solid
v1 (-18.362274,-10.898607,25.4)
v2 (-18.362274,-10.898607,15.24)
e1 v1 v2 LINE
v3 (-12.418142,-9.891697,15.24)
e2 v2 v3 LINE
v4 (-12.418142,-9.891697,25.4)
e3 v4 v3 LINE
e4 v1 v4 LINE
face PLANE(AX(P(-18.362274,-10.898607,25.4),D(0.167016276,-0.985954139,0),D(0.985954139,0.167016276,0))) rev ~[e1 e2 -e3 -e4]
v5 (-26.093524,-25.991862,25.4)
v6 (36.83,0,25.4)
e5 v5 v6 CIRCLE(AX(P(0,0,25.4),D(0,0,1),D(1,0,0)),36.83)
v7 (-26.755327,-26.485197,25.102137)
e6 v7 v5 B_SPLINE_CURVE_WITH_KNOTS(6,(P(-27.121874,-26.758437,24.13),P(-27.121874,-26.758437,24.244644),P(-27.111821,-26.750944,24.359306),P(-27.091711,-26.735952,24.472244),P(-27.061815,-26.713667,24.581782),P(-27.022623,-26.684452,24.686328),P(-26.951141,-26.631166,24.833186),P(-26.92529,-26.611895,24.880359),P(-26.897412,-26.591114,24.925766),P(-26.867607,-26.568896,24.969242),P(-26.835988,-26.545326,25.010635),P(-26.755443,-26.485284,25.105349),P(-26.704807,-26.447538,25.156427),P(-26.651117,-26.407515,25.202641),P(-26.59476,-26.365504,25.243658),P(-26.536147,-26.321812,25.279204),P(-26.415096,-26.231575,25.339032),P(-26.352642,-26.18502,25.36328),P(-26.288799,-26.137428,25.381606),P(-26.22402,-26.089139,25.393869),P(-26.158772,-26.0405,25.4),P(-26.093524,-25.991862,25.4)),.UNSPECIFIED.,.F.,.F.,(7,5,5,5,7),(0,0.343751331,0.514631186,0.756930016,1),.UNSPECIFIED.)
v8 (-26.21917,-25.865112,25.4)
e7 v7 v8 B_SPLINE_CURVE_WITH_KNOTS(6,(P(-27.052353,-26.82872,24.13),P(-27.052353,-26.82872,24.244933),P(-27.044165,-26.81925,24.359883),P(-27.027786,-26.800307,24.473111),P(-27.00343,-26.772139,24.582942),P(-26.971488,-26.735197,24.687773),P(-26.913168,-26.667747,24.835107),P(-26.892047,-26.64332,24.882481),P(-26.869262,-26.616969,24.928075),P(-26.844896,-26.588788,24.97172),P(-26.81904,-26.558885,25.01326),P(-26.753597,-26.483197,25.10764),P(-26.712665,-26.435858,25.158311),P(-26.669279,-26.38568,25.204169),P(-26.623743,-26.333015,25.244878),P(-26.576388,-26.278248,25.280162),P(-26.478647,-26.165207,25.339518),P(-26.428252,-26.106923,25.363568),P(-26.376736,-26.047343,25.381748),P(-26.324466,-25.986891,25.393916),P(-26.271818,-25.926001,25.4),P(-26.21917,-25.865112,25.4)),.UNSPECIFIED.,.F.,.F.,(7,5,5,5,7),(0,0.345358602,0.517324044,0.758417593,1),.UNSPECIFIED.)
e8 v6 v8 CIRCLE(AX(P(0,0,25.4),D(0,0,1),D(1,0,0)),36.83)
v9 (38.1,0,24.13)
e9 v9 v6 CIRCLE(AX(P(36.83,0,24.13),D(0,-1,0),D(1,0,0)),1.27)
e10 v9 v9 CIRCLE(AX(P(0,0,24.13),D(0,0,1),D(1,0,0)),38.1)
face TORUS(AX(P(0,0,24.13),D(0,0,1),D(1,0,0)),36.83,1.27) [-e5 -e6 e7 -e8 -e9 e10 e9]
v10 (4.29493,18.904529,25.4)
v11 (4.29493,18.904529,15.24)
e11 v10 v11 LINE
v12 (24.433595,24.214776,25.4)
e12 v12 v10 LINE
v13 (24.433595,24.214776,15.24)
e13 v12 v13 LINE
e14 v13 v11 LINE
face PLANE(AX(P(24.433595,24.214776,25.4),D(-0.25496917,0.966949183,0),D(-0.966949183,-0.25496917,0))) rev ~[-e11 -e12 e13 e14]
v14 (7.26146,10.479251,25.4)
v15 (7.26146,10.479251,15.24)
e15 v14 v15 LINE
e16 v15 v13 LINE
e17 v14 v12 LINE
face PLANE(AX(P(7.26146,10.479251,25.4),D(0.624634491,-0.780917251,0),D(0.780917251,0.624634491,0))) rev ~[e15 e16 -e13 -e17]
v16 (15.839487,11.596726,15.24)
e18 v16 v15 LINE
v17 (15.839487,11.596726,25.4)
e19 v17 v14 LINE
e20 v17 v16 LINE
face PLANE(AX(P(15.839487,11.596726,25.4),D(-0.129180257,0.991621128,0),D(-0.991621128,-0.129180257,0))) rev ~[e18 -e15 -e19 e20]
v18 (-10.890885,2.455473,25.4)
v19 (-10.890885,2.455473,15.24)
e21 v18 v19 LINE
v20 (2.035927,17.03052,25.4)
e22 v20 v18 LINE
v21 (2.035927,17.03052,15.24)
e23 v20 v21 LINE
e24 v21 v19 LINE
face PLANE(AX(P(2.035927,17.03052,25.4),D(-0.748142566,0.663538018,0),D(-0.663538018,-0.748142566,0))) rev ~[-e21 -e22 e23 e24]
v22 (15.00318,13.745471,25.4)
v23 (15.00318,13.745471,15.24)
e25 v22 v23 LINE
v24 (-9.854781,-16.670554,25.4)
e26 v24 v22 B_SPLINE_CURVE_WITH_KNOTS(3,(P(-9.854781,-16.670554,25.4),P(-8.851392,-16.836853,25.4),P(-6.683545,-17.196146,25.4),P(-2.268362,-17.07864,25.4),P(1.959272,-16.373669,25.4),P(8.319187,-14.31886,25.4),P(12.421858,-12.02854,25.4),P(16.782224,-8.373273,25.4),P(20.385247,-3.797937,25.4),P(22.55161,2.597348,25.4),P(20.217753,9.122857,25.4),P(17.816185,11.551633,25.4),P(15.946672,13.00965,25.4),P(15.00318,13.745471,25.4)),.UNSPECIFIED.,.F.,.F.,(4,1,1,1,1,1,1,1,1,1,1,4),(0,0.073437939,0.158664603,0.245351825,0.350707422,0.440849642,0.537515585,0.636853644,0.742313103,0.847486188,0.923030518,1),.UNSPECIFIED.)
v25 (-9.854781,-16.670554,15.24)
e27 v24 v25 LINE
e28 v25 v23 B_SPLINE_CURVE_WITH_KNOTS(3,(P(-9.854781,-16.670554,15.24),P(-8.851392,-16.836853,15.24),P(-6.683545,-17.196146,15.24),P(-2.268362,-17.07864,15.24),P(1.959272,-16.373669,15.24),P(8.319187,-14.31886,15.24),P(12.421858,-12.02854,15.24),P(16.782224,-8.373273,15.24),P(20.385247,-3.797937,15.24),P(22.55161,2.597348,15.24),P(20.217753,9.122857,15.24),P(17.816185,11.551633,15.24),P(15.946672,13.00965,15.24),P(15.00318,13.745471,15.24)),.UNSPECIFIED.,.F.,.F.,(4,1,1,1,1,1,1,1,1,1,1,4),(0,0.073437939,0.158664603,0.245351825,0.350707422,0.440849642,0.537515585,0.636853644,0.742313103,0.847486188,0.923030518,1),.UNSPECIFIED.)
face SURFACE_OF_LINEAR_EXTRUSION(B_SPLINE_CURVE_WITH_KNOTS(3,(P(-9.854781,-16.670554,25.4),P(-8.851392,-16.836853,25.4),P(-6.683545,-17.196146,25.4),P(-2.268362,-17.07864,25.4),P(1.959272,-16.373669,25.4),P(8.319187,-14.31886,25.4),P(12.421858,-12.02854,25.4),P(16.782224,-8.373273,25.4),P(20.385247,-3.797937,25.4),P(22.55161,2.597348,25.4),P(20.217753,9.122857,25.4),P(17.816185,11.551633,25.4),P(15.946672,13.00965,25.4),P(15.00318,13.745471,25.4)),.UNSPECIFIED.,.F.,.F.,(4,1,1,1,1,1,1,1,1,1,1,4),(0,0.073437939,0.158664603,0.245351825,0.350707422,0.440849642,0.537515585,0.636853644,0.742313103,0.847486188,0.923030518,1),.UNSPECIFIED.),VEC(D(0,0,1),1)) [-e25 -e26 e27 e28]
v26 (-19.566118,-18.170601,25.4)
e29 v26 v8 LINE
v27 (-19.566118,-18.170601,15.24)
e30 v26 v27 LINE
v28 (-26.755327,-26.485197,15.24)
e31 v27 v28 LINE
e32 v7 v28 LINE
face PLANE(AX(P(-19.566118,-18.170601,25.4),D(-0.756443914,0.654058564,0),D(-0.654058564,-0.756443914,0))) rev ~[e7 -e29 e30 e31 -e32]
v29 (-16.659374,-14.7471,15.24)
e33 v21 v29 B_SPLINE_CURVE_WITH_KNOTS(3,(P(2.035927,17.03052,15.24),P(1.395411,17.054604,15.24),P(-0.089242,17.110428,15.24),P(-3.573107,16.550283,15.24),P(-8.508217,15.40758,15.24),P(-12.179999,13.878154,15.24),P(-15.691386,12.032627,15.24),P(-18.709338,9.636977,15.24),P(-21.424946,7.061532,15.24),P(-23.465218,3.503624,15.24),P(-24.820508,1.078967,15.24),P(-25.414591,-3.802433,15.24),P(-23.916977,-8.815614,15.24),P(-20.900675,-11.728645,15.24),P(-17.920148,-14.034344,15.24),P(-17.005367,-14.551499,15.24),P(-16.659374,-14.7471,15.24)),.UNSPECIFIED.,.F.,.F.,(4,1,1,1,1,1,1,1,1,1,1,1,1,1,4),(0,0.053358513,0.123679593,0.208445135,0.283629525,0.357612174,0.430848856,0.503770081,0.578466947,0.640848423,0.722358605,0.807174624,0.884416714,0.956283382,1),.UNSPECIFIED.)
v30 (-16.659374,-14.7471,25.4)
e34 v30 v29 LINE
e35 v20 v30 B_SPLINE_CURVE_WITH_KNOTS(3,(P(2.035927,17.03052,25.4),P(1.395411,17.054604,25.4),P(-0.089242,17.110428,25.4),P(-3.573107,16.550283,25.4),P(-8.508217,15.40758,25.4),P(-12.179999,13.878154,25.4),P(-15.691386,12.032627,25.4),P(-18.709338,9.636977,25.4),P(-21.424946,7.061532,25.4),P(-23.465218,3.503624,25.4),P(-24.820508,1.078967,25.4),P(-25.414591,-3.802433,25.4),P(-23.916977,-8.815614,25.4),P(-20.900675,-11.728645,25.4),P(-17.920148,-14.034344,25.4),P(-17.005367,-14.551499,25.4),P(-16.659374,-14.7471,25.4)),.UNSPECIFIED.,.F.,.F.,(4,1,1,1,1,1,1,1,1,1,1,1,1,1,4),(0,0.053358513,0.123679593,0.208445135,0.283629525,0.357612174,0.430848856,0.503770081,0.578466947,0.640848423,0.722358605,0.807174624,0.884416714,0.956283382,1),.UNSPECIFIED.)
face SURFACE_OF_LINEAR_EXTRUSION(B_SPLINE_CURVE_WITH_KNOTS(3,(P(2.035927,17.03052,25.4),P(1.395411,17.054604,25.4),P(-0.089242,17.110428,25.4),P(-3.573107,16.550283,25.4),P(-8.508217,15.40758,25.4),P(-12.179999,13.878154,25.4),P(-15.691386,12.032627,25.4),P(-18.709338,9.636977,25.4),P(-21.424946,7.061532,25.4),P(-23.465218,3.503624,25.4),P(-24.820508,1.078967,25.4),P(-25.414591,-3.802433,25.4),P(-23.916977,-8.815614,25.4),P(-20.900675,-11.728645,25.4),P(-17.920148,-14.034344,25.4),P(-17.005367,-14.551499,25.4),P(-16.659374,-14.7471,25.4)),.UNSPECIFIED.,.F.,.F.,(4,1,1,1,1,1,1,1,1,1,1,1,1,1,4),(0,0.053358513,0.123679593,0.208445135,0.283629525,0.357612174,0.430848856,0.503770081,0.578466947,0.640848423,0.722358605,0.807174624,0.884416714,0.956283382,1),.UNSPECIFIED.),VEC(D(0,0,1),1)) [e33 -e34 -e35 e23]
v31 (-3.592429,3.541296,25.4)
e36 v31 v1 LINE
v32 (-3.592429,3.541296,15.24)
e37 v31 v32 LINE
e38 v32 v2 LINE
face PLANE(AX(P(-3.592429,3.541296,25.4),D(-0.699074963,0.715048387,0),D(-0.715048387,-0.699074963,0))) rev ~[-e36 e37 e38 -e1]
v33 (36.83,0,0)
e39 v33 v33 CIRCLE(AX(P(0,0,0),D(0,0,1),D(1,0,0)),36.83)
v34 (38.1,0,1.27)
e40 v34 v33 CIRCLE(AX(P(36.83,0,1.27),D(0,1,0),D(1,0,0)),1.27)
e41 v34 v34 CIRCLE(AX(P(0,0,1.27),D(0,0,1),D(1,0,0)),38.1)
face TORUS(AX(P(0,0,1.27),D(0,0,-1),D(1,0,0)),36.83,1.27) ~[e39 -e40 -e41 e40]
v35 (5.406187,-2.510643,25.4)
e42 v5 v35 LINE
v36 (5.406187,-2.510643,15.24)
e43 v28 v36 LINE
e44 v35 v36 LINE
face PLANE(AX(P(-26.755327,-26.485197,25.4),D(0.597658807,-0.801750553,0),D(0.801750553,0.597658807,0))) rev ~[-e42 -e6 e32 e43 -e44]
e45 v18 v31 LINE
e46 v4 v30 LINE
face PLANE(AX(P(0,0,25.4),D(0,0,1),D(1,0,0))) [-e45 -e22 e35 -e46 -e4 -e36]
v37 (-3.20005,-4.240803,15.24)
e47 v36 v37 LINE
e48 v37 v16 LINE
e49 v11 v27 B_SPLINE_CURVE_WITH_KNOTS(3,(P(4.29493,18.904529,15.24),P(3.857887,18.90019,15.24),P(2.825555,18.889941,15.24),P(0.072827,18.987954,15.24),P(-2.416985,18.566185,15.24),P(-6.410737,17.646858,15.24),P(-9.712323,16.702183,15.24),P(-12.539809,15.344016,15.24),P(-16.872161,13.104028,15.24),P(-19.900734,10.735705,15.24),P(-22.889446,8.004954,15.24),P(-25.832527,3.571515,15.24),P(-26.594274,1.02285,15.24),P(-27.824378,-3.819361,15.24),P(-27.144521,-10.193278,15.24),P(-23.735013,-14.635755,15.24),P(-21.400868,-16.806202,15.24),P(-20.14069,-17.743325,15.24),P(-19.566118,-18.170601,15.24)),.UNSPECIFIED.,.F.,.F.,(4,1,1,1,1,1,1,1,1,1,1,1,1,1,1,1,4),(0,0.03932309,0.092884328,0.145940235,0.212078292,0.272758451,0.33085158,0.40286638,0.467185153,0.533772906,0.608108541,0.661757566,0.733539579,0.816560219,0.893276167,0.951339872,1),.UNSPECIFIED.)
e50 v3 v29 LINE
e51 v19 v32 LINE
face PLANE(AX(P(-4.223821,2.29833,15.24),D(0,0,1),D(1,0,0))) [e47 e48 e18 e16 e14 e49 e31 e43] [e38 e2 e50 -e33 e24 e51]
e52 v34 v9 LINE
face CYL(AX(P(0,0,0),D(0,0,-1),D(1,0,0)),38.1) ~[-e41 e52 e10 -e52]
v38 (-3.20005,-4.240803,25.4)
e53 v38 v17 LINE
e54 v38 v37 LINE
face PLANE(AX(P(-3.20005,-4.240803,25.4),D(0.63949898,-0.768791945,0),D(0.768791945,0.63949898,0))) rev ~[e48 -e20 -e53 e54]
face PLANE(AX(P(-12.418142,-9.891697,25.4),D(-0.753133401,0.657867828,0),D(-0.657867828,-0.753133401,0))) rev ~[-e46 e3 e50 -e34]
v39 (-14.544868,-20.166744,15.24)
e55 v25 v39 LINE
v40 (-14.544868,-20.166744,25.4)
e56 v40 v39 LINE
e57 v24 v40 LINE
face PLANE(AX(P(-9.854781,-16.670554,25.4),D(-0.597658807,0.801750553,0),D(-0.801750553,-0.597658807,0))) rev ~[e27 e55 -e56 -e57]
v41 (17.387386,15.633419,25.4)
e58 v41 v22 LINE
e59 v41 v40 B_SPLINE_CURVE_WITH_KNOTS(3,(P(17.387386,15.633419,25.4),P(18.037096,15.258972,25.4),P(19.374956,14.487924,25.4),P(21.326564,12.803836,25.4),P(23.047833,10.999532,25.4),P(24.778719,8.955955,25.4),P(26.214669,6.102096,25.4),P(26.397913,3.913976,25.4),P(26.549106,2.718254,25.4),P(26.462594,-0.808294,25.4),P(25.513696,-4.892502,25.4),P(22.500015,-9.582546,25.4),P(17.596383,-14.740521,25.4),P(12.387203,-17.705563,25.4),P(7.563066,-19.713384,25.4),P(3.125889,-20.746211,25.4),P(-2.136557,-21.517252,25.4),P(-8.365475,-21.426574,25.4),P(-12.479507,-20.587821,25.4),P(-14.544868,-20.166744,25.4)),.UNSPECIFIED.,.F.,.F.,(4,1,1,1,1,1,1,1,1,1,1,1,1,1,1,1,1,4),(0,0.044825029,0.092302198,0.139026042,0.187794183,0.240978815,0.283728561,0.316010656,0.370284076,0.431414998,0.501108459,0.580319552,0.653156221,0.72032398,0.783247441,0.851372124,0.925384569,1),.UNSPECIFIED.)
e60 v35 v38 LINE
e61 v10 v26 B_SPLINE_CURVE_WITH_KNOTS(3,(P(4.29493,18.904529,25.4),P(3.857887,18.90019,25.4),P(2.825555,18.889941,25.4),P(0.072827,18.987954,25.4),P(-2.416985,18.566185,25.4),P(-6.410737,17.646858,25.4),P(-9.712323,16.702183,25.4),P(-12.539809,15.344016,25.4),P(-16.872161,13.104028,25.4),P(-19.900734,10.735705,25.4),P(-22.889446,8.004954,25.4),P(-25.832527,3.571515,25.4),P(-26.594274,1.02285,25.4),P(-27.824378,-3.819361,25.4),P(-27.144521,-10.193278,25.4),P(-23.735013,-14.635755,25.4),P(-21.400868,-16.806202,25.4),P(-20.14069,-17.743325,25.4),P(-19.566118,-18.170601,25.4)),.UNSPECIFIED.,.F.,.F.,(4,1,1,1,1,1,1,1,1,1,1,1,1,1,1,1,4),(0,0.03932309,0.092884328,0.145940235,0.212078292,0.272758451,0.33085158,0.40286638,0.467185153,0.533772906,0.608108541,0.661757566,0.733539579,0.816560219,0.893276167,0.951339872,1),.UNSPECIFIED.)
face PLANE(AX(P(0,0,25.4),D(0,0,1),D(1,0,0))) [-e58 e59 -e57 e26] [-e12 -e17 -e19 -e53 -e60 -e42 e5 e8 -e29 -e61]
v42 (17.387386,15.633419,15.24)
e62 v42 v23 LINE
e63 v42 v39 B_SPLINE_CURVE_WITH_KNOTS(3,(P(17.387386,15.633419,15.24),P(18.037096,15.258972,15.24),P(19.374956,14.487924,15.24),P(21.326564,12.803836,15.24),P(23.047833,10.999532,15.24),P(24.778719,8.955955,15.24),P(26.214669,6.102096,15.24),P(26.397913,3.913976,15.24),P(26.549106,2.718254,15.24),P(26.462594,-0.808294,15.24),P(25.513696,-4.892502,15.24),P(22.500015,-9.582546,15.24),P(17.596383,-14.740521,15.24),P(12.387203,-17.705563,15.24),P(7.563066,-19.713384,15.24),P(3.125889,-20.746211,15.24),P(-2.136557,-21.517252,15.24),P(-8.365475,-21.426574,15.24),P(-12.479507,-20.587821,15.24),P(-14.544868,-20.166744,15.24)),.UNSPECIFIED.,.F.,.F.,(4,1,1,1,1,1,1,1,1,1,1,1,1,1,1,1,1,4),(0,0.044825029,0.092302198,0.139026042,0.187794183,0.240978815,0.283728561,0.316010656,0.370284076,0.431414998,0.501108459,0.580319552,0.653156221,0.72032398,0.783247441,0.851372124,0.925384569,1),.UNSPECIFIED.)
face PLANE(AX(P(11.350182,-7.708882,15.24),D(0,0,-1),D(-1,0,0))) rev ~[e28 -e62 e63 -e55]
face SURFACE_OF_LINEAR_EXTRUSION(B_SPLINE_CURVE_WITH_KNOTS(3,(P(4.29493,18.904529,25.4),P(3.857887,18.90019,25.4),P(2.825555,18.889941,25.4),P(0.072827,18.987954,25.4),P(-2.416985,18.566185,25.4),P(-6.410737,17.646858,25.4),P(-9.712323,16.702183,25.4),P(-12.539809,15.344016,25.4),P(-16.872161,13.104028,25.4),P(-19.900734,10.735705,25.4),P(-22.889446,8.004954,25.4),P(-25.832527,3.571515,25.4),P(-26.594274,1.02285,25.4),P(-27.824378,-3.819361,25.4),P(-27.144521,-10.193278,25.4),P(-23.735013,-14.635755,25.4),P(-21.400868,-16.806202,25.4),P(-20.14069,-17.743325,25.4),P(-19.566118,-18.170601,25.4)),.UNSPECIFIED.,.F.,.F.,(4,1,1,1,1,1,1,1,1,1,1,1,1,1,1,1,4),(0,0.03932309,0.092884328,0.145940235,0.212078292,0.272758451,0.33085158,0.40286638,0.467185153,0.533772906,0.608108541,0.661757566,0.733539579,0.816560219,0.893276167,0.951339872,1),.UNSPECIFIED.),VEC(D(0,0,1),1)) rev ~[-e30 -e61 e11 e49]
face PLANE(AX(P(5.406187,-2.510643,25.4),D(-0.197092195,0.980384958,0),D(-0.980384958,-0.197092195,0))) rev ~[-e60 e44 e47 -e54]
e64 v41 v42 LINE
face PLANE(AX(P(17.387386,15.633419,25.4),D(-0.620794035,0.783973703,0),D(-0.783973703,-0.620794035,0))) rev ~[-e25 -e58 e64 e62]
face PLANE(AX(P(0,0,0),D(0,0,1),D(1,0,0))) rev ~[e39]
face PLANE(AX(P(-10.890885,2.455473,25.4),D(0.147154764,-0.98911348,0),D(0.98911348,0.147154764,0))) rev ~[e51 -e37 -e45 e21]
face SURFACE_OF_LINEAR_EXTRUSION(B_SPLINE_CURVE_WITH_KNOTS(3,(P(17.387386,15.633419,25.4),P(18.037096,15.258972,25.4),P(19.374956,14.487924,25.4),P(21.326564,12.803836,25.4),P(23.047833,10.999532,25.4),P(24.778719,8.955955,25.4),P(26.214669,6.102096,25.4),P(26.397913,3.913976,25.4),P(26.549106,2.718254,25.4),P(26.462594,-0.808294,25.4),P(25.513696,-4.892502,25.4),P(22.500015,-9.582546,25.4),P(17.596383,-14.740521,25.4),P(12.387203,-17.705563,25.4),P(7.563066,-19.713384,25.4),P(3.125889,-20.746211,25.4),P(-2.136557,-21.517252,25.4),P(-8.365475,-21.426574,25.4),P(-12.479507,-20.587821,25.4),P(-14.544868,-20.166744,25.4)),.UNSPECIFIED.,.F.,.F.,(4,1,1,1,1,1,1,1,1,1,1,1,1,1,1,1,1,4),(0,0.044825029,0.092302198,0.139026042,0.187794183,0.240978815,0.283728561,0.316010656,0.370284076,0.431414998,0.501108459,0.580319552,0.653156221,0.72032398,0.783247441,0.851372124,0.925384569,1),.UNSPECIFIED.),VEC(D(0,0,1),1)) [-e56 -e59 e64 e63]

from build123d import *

# Parameters (mm, degrees)
F0_R     = 38.1
F1_DEPTH = 25.4
F2_R     = 1.27
F4_DEPTH = 10.16


with BuildPart() as f1:
    # F0 (on Top) → F1 (new body)
    with BuildSketch(Plane.XY):
        Circle(F0_R)
    extrude(amount=F1_DEPTH)

    # F2
    f2_edges = [f1.edges().sort_by_distance(p)[0] for p in [
        (-38.1, 0, 25.4),
        (-38.1, 0, 0),
    ]]
    fillet(f2_edges, radius=F2_R)

    # F3 (on face) → F4 (cut)
    with BuildSketch(Plane.XY.offset(25.4)):
        with BuildLine():
            Line((-19.5661182899, -18.1706012091), (-26.7553265637, -26.4851974048))
            Line((-26.7553265637, -26.4851974048), (5.4061874503, -2.5106431912))
            Line((5.4061874503, -2.5106431912), (-3.200049929, -4.2408025526))
            Line((-3.200049929, -4.2408025526), (15.8394873054, 11.5967263231))
            Line((15.8394873054, 11.5967263231), (7.2614595686, 10.4792513123))
            Line((7.2614595686, 10.4792513123), (24.433595378, 24.2147761598))
            Line((24.433595378, 24.2147761598), (4.2949300972, 18.9045294))
            add(Edge.make_bspline(
                [(4.2949300972, 18.9045294), (3.8578868072, 18.9001902263), (2.8255551255, 18.8899407461), (0.0728269951, 18.9879537596), (-2.416985134, 18.5661852441), (-6.4107369283, 17.6468576464), (-9.7123233005, 16.7021829393), (-12.5398092723, 15.3440163882), (-16.8721606771, 13.1040275758), (-19.9007344343, 10.7357054975), (-22.8894463137, 8.0049544035), (-25.8325272327, 3.571514678), (-26.5942743919, 1.0228501359), (-27.8243775869, -3.8193612894), (-27.1445214519, -10.193277819), (-23.7350134876, -14.6357550528), (-21.4008680736, -16.806202139), (-20.1406895566, -17.7433252345), (-19.5661182899, -18.1706012091)],
                knots=[0, 0, 0, 0, 0.0393230905, 0.0928843277, 0.1459402353, 0.2120782925, 0.2727584507, 0.3308515796, 0.40286638, 0.4671851532, 0.533772906, 0.608108541, 0.6617575665, 0.7335395787, 0.8165602186, 0.8932761667, 0.9513398719, 1, 1, 1, 1], degree=3))
        make_face()
        with BuildLine():
            add(Edge.make_bspline(
                [(2.0359272731, 17.0305203597), (1.3954106628, 17.0546042076), (-0.0892415224, 17.1104281111), (-3.5731065553, 16.5502831509), (-8.5082169393, 15.40758038), (-12.1799994257, 13.8781536445), (-15.6913864649, 12.0326267348), (-18.7093375005, 9.6369774455), (-21.4249459198, 7.0615317926), (-23.465217898, 3.5036235622), (-24.8205084542, 1.0789665507), (-25.414591442, -3.8024334011), (-23.9169773543, -8.8156140602), (-20.9006750006, -11.7286450069), (-17.920148096, -14.0343436431), (-17.0053674551, -14.5514987399), (-16.6593735189, -14.7471003077)],
                knots=[0, 0, 0, 0, 0.0533585134, 0.1236795927, 0.2084451349, 0.2836295249, 0.3576121735, 0.4308488556, 0.5037700814, 0.5784669466, 0.6408484233, 0.7223586051, 0.8071746244, 0.8844167139, 0.9562833817, 1, 1, 1, 1], degree=3))
            Line((2.0359272731, 17.0305203597), (-10.8908848154, 2.4554725062))
            Line((-10.8908848154, 2.4554725062), (-3.5924285351, 3.5412959569))
            Line((-3.5924285351, 3.5412959569), (-18.3622744366, -10.8986072092))
            Line((-18.3622744366, -10.8986072092), (-12.4181416451, -9.8916973697))
            Line((-12.4181416451, -9.8916973697), (-16.6593735189, -14.7471003077))
        make_face(mode=Mode.SUBTRACT)
        with BuildLine():
            add(Edge.make_bspline(
                [(17.3873861626, 15.6334186555), (18.0370958634, 15.2589721072), (19.3749563206, 14.4879243151), (21.3265644237, 12.8038361847), (23.0478327612, 10.9995316669), (24.778719369, 8.9559550933), (26.2146688484, 6.1020958965), (26.3979131008, 3.9139763932), (26.5491055591, 2.71825424), (26.4625942606, -0.8082938445), (25.5136962919, -4.8925023756), (22.5000147718, -9.5825463131), (17.5963832254, -14.740520896), (12.3872032479, -17.7055628688), (7.5630660017, -19.7133836725), (3.1258890287, -20.746211478), (-2.1365566408, -21.5172519141), (-8.365474944, -21.4265742118), (-12.4795067403, -20.5878213551), (-14.5448679776, -20.1667435114)],
                knots=[0, 0, 0, 0, 0.0448250287, 0.092302198, 0.1390260415, 0.1877941832, 0.2409788153, 0.2837285607, 0.3160106559, 0.3702840764, 0.4314149985, 0.501108459, 0.5803195518, 0.6531562215, 0.7203239803, 0.783247441, 0.851372124, 0.9253845694, 1, 1, 1, 1], degree=3))
            Line((17.3873861626, 15.6334186555), (15.0031798623, 13.7454713383))
            add(Edge.make_bspline(
                [(-9.8547809612, -16.6705540785), (-8.8513922673, -16.8368529644), (-6.6835445534, -17.1961460894), (-2.2683618168, -17.0786395481), (1.9592718785, -16.373668921), (8.3191866593, -14.3188597994), (12.4218579634, -12.0285396002), (16.7822239361, -8.3732731196), (20.3852473964, -3.7979371357), (22.5516095847, 2.5973484144), (20.2177525614, 9.1228571556), (17.816185371, 11.551632666), (15.9466715379, 13.0096503389), (15.0031798623, 13.7454713383)],
                knots=[0, 0, 0, 0, 0.0734379394, 0.1586646033, 0.2453518248, 0.3507074217, 0.4408496419, 0.5375155853, 0.636853644, 0.7423131031, 0.8474861883, 0.9230305178, 1, 1, 1, 1], degree=3))
            Line((-9.8547809612, -16.6705540785), (-14.5448679776, -20.1667435114))
        make_face()
    extrude(amount=-F4_DEPTH, mode=Mode.SUBTRACT)


solid = f1.part
